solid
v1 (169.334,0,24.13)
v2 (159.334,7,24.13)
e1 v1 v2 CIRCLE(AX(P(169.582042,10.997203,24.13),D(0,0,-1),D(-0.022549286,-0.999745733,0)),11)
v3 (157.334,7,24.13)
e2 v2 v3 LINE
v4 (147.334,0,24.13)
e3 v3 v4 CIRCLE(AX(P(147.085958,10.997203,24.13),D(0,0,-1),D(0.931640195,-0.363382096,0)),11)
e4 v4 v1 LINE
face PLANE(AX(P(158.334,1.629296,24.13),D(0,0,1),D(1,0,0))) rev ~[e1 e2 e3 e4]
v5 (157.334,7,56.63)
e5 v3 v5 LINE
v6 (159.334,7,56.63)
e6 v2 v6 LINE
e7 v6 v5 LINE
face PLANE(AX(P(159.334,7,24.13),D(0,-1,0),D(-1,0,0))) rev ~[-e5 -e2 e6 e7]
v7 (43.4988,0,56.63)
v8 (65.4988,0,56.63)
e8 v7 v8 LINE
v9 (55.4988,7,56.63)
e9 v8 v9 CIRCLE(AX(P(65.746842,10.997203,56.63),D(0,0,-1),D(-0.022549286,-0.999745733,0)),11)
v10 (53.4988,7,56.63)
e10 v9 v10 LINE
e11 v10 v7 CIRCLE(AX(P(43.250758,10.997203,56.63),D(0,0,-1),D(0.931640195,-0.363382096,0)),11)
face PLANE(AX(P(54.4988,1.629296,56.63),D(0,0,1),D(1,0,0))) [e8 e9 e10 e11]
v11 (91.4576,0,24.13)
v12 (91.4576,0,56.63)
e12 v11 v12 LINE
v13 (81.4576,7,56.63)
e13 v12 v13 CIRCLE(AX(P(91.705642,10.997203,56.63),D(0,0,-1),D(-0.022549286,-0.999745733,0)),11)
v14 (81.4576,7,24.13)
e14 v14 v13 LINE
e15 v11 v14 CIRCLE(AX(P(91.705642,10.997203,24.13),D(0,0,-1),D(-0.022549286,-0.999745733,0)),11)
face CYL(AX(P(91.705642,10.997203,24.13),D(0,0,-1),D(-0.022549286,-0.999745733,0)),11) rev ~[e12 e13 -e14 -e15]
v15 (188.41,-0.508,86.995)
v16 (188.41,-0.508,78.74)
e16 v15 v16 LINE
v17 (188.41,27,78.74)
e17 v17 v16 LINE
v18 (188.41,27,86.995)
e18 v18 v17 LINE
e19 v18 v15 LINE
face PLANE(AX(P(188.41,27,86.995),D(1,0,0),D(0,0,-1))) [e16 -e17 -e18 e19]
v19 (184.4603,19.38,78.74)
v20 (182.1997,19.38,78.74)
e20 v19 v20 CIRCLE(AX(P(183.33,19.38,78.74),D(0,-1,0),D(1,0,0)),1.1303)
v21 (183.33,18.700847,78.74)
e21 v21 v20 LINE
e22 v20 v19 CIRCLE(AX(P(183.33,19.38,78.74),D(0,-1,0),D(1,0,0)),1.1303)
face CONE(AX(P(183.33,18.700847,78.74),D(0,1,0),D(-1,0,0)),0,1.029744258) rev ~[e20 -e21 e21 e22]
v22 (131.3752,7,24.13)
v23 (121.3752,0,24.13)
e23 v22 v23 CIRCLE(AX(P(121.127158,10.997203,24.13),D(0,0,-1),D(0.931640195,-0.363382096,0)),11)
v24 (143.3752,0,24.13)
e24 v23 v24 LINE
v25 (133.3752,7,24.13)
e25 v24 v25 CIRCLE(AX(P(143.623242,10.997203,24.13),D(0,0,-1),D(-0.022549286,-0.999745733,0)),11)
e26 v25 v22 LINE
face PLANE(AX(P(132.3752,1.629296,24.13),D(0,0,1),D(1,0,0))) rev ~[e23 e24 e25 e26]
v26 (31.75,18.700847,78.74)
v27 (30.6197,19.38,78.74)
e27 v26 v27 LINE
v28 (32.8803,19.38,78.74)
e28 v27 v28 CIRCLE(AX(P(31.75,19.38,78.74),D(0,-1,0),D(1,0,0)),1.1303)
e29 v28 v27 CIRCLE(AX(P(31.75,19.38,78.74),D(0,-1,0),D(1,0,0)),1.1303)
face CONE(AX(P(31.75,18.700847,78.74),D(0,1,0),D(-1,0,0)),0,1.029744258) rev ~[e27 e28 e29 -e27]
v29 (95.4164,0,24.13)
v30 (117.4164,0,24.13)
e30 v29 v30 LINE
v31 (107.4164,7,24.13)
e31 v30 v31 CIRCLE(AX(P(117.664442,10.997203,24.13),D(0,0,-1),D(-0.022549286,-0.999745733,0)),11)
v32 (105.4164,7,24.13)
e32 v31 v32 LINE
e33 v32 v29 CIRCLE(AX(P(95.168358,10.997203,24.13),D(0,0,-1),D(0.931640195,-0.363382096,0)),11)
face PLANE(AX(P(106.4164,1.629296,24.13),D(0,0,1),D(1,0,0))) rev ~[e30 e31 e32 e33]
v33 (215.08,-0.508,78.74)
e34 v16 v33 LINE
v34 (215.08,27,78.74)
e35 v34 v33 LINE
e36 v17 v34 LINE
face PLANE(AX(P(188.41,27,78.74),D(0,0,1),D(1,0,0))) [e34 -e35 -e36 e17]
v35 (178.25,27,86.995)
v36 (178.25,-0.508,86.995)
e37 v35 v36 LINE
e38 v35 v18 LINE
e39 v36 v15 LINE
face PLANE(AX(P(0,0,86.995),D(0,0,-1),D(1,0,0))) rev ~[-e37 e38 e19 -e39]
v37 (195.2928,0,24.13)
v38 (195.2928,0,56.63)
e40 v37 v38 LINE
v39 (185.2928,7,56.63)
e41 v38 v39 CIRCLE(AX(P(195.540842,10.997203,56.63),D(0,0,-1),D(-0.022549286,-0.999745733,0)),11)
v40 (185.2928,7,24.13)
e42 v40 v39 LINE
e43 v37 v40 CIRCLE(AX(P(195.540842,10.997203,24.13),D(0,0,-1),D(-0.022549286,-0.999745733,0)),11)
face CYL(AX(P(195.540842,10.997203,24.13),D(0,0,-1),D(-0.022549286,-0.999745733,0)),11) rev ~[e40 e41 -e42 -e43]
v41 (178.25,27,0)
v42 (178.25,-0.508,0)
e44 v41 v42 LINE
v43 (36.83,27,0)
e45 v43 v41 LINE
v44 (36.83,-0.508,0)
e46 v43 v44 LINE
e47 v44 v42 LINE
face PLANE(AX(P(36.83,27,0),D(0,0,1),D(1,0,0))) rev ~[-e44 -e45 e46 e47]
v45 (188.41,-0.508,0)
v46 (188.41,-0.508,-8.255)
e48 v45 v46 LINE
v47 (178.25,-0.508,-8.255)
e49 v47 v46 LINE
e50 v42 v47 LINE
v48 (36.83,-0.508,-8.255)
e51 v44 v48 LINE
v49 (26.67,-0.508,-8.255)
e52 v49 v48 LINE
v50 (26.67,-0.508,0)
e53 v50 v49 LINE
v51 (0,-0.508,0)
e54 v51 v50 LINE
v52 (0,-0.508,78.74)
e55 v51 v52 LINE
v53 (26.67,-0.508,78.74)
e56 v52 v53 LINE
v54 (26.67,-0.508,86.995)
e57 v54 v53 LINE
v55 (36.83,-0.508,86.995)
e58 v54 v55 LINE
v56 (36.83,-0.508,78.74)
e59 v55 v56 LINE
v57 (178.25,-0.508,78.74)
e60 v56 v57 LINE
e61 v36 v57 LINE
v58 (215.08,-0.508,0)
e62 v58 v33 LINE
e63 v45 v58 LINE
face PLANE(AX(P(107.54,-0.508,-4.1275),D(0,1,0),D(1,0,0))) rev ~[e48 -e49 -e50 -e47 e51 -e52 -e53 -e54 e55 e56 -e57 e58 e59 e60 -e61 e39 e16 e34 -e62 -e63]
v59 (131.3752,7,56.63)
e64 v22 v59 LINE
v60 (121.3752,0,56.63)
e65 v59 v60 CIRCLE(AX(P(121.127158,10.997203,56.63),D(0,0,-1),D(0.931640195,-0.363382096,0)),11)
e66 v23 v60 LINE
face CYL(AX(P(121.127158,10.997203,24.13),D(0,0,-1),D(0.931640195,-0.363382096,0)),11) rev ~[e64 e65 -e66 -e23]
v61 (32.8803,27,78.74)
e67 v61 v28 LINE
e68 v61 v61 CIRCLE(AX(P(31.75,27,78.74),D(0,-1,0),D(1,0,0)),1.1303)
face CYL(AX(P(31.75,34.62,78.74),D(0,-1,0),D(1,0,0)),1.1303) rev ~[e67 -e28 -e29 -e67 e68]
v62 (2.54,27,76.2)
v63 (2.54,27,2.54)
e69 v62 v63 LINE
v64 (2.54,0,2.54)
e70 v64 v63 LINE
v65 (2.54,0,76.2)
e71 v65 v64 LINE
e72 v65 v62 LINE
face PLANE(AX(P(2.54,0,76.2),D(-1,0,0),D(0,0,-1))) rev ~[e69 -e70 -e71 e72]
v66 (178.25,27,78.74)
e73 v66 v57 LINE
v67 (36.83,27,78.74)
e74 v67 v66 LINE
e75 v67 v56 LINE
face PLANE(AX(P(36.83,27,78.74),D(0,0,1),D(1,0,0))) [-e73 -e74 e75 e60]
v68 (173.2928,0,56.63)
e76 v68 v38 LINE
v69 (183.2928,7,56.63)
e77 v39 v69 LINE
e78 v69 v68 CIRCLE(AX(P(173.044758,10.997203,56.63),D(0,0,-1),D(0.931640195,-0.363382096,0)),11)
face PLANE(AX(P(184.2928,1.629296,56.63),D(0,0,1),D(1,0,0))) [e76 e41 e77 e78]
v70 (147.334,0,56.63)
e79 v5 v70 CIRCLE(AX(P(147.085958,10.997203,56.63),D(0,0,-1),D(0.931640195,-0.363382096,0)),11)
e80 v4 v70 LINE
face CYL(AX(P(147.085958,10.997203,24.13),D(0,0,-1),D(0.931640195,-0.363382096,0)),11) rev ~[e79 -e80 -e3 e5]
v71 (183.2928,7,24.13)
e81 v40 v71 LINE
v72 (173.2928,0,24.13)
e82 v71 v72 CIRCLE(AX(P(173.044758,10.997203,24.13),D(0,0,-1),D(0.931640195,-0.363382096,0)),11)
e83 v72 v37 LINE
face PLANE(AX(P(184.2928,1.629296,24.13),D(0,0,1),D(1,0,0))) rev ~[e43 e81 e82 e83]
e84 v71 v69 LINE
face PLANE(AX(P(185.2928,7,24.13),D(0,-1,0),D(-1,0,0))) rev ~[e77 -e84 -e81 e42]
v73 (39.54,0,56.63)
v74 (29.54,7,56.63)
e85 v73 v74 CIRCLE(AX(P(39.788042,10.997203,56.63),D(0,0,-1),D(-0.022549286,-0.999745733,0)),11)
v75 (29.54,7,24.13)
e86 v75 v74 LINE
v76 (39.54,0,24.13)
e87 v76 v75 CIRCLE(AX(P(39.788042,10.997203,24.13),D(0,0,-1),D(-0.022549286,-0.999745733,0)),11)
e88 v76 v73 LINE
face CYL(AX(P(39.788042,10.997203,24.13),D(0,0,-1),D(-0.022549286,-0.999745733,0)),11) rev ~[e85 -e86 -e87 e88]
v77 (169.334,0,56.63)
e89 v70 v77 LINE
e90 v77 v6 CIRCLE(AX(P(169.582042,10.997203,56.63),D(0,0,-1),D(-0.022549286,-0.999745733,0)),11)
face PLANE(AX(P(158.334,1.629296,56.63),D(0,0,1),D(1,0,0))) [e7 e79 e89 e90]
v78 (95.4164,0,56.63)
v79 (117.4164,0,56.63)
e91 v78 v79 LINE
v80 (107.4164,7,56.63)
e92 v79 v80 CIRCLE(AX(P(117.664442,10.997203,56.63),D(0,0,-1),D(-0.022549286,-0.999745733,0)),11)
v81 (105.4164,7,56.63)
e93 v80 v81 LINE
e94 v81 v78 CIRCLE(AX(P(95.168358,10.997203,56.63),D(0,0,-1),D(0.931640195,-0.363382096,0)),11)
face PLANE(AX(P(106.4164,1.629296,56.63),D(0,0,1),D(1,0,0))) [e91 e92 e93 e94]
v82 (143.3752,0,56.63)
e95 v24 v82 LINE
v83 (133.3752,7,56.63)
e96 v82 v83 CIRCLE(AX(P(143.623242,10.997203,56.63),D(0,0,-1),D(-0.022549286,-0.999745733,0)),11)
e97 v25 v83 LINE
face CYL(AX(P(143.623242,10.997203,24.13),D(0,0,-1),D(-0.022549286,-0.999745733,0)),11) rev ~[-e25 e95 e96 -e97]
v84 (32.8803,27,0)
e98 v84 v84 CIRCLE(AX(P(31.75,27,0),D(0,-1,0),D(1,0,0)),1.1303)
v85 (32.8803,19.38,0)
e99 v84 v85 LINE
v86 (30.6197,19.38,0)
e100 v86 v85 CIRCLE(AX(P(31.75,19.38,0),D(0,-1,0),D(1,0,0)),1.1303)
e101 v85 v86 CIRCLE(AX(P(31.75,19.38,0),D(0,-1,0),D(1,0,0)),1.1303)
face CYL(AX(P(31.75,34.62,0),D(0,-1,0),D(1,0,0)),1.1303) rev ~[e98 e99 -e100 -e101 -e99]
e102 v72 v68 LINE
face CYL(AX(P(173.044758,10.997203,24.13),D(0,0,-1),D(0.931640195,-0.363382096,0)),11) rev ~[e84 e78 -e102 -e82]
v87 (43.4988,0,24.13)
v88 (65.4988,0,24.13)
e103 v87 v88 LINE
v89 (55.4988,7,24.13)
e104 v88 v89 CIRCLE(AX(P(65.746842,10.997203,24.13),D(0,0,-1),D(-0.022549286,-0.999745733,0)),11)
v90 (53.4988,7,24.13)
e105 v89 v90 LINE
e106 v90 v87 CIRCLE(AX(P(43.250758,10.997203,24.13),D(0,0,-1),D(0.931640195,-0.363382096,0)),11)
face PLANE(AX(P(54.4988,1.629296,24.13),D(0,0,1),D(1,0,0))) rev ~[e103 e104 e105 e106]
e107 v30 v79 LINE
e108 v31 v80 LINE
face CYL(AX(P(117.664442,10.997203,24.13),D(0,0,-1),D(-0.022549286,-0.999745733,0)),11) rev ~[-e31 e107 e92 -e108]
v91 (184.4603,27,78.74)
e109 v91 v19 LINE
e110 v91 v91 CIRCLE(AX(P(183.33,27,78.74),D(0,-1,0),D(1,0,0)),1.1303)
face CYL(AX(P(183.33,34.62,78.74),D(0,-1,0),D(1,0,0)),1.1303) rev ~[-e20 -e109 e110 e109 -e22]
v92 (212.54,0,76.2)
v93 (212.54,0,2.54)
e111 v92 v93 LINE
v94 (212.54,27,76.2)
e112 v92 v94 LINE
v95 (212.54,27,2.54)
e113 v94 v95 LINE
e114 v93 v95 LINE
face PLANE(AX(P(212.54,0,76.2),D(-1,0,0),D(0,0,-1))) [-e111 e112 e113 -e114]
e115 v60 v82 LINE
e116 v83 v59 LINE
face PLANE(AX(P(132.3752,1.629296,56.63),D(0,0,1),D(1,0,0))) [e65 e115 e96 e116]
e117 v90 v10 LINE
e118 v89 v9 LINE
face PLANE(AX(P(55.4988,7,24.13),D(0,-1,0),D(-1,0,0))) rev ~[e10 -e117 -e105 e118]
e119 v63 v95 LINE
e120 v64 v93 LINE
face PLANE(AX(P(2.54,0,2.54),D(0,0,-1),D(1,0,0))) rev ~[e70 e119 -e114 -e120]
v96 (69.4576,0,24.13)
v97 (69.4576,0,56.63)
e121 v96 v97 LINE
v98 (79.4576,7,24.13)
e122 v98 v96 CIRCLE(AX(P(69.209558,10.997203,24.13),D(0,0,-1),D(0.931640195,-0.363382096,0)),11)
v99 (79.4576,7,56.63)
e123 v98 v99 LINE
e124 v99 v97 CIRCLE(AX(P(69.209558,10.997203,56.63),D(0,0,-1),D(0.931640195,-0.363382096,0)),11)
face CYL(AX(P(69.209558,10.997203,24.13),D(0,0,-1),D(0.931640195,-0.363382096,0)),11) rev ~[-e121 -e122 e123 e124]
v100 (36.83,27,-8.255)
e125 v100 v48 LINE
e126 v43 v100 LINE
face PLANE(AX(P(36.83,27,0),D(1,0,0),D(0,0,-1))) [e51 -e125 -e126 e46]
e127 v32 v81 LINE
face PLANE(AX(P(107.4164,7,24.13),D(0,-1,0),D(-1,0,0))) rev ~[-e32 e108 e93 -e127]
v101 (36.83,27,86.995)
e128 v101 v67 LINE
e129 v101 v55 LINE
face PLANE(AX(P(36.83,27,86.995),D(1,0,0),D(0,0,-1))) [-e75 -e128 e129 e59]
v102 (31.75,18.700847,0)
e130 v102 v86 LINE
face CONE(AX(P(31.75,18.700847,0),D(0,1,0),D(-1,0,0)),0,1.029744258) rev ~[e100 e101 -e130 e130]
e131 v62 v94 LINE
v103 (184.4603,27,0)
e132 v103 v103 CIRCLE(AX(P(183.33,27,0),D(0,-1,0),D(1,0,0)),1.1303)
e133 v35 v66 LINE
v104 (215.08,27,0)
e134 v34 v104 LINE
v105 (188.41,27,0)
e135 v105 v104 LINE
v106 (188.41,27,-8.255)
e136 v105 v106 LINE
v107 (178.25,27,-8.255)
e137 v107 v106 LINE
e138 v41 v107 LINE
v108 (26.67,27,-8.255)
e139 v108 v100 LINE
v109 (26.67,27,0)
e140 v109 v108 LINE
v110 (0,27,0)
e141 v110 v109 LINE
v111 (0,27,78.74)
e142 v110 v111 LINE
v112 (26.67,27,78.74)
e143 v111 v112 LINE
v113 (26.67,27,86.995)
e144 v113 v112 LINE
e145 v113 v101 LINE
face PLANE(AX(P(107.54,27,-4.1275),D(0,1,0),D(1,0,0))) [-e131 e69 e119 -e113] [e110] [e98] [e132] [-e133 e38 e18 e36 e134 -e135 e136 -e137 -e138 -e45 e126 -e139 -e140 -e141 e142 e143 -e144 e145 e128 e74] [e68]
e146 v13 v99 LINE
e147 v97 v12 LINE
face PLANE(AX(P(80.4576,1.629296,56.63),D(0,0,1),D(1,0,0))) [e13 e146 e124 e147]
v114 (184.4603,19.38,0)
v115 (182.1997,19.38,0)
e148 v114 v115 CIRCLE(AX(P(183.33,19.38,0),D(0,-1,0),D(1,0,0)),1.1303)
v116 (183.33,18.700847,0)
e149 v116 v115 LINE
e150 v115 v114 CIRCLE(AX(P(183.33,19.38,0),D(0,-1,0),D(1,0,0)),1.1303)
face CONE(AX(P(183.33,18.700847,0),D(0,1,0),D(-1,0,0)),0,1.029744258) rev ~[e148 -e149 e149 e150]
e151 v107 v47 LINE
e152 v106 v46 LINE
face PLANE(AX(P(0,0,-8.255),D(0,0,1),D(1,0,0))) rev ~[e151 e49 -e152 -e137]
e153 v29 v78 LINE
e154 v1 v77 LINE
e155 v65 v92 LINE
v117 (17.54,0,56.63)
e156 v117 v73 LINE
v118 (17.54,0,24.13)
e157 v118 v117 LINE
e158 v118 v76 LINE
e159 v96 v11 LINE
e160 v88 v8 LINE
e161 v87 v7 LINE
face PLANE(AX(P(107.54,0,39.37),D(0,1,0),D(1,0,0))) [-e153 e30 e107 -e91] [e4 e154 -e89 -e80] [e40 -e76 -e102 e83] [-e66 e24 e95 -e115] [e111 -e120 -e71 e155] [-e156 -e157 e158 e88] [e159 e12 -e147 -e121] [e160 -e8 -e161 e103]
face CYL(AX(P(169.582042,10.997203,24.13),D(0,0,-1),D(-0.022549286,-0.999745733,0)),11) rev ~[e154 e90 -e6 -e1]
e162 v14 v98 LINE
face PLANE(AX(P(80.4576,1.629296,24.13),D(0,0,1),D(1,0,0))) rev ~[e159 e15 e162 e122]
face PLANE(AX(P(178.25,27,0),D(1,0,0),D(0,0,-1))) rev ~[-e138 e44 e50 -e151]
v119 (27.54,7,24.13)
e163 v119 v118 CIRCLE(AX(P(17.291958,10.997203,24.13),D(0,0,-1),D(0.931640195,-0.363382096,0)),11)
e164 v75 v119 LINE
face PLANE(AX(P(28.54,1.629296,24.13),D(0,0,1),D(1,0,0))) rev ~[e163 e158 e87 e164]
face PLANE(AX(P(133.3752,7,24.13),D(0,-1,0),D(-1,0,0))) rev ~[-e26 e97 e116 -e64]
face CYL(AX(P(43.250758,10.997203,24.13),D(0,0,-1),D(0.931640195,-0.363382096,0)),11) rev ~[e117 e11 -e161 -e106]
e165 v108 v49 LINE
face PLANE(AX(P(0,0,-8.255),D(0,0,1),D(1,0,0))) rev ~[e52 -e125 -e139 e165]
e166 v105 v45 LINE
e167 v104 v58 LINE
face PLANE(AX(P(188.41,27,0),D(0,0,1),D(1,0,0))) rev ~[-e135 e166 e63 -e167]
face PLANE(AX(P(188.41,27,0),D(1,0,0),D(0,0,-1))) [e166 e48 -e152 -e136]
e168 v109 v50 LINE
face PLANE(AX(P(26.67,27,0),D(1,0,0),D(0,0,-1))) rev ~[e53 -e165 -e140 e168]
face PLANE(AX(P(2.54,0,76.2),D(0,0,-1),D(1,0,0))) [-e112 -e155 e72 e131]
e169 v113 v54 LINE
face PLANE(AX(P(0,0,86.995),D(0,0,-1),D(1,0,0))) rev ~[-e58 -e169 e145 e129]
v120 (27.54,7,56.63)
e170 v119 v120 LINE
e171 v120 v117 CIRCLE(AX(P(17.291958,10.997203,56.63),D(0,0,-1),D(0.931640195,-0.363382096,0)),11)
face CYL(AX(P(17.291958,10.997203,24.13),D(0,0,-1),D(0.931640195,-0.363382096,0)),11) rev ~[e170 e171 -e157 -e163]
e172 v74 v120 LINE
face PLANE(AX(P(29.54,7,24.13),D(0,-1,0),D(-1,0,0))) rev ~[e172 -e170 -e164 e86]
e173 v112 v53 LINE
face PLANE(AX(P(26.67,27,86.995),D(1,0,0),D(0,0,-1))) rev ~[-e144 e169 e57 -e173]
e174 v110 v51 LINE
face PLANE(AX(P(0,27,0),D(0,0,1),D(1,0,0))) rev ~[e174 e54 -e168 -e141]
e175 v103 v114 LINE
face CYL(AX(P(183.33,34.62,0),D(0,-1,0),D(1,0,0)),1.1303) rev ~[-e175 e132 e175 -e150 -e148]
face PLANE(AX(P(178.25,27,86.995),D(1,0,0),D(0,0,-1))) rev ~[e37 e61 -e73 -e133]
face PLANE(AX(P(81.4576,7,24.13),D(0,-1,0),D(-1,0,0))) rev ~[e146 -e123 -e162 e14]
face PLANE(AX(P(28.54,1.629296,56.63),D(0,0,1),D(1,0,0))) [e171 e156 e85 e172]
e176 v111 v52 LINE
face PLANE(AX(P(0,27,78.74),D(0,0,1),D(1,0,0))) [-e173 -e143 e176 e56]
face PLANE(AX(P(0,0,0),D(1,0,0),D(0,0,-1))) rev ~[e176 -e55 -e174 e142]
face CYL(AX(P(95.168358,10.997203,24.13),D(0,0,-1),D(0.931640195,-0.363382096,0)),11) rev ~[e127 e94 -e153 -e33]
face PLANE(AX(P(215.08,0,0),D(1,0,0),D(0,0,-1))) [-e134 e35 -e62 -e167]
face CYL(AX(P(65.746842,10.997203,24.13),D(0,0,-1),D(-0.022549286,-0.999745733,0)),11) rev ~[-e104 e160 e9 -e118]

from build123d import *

# Parameters (mm, degrees)
SKETCH1_W                 = 215.08
SKETCH1_H                 = 78.74
BOSS_EXTRUDE1_DEPTH       = 0.508
SKETCH1_3_W               = 215.08
SKETCH1_3_H               = 8.255
SKETCH1_3_H_2             = 78.74
SKETCH1_3_W_2             = 210
SKETCH1_3_H_3             = 73.66
BOSS_EXTRUDE2_DEPTH       = 27
BOSS_EXTRUDE3_START       = 21.59
BOSS_EXTRUDE3_DEPTH       = 32.5
SKETCH1_4_W               = 215.08
SKETCH1_4_H               = 8.255
BOSS_EXTRUDE4_DEPTH       = 0.508
F_4_40_TAPPED_HOLE2_D     = 2.2606
F_4_40_TAPPED_HOLE2_DEPTH = 7.62
F_4_40_TAPPED_HOLE2_TIP   = 0.679152758
SKETCH13_W                = 141.42
SKETCH13_H                = 8.255
SKETCH13_W_2              = 26.67
CUT_EXTRUDE1_DEPTH        = 28.508


with BuildPart() as part:
    # Sketch1 → Boss-Extrude1 (new body)
    with BuildSketch(Plane(origin=(0, 0, 0), x_dir=(1, 0, 0), z_dir=(0, 1, 0))):
        with Locations((107.54, -39.37)):
            Rectangle(SKETCH1_W, SKETCH1_H)
    extrude(amount=-BOSS_EXTRUDE1_DEPTH)

    # Sketch1<3> → Boss-Extrude2 (add)
    with BuildSketch(Plane(origin=(0, 0, 0), x_dir=(1, 0, 0), z_dir=(0, 1, 0))):
        with Locations((107.54, 4.1275)):
            Rectangle(SKETCH1_3_W, SKETCH1_3_H)
        with Locations((107.54, -82.8675)):
            Rectangle(SKETCH1_3_W, SKETCH1_3_H)
        with Locations((107.54, -39.37)):
            Rectangle(SKETCH1_3_W, SKETCH1_3_H_2)
        with Locations((107.54, -39.37)):
            Rectangle(SKETCH1_3_W_2, SKETCH1_3_H_3, mode=Mode.SUBTRACT)
    extrude(amount=BOSS_EXTRUDE2_DEPTH)

    # Sketch5 → Boss-Extrude3 (add)
    with BuildSketch(Plane.XY.offset(2.54).offset(BOSS_EXTRUDE3_START)):
        with BuildLine():
            Line((29.54, 7), (27.54, 7))
            ThreePointArc((27.54, 7), (23.600043647, 1.985651932), (17.54, 0))
            Line((17.54, 0), (39.54, 0))
            ThreePointArc((39.54, 0), (33.479956353, 1.985651932), (29.54, 7))
        make_face()
        with BuildLine():
            Line((55.4988, 7), (53.4988, 7))
            ThreePointArc((53.4988, 7), (49.558843647, 1.985651932), (43.4988, 0))
            Line((43.4988, 0), (65.4988, 0))
            ThreePointArc((65.4988, 0), (59.438756353, 1.985651932), (55.4988, 7))
        make_face()
        with BuildLine():
            Line((81.4576, 7), (79.4576, 7))
            ThreePointArc((79.4576, 7), (75.517643647, 1.985651932), (69.4576, 0))
            Line((69.4576, 0), (91.4576, 0))
            ThreePointArc((91.4576, 0), (85.397556353, 1.985651932), (81.4576, 7))
        make_face()
        with BuildLine():
            Line((107.4164, 7), (105.4164, 7))
            ThreePointArc((105.4164, 7), (101.476443647, 1.985651932), (95.4164, 0))
            Line((95.4164, 0), (117.4164, 0))
            ThreePointArc((117.4164, 0), (111.356356353, 1.985651932), (107.4164, 7))
        make_face()
        with BuildLine():
            Line((133.3752, 7), (131.3752, 7))
            ThreePointArc((131.3752, 7), (127.435243647, 1.985651932), (121.3752, 0))
            Line((121.3752, 0), (143.3752, 0))
            ThreePointArc((143.3752, 0), (137.315156353, 1.985651932), (133.3752, 7))
        make_face()
        with BuildLine():
            Line((159.334, 7), (157.334, 7))
            ThreePointArc((157.334, 7), (153.394043647, 1.985651932), (147.334, 0))
            Line((147.334, 0), (169.334, 0))
            ThreePointArc((169.334, 0), (163.273956353, 1.985651932), (159.334, 7))
        make_face()
        with BuildLine():
            Line((185.2928, 7), (183.2928, 7))
            ThreePointArc((183.2928, 7), (179.352843647, 1.985651932), (173.2928, 0))
            Line((173.2928, 0), (195.2928, 0))
            ThreePointArc((195.2928, 0), (189.232756353, 1.985651932), (185.2928, 7))
        make_face()
    extrude(amount=BOSS_EXTRUDE3_DEPTH)

    # Sketch1<4> → Boss-Extrude4 (add)
    with BuildSketch(Plane(origin=(0, 0, 0), x_dir=(1, 0, 0), z_dir=(0, 1, 0))):
        with Locations((107.54, 4.1275)):
            Rectangle(SKETCH1_4_W, SKETCH1_4_H)
        with Locations((107.54, -82.8675)):
            Rectangle(SKETCH1_4_W, SKETCH1_4_H)
    extrude(amount=-BOSS_EXTRUDE4_DEPTH)

    # #4-40 Tapped Hole2
    with Locations(Plane(origin=(0, 27, 0), x_dir=(-1, 0, 0), z_dir=(0, 1, 0))):
        with Locations((-31.75, 0), (-183.33, 0), (-31.75, 78.74), (-183.33, 78.74)):
            Hole(F_4_40_TAPPED_HOLE2_D / 2, depth=F_4_40_TAPPED_HOLE2_DEPTH)
            with Locations((0, 0, -(F_4_40_TAPPED_HOLE2_DEPTH + F_4_40_TAPPED_HOLE2_TIP / 2))):  # 118° drill point
                Cone(0, F_4_40_TAPPED_HOLE2_D / 2, F_4_40_TAPPED_HOLE2_TIP, mode=Mode.SUBTRACT)

    # Sketch13 → Cut-Extrude1 (cut, through all)
    with BuildSketch(Plane(origin=(0, 27, 0), x_dir=(1, 0, 0), z_dir=(0, 1, 0))):
        with Locations((107.54, 4.1275)):
            Rectangle(SKETCH13_W, SKETCH13_H)
        with Locations((107.54, -82.8675)):
            Rectangle(SKETCH13_W, SKETCH13_H)
        with Locations((13.335, 4.1275)):
            Rectangle(SKETCH13_W_2, SKETCH13_H)
        with Locations((201.745, 4.1275)):
            Rectangle(SKETCH13_W_2, SKETCH13_H)
        with Locations((201.745, -82.8675)):
            Rectangle(SKETCH13_W_2, SKETCH13_H)
        with Locations((13.335, -82.8675)):
            Rectangle(SKETCH13_W_2, SKETCH13_H)
    extrude(amount=-CUT_EXTRUDE1_DEPTH, mode=Mode.SUBTRACT)


solid = part.part
